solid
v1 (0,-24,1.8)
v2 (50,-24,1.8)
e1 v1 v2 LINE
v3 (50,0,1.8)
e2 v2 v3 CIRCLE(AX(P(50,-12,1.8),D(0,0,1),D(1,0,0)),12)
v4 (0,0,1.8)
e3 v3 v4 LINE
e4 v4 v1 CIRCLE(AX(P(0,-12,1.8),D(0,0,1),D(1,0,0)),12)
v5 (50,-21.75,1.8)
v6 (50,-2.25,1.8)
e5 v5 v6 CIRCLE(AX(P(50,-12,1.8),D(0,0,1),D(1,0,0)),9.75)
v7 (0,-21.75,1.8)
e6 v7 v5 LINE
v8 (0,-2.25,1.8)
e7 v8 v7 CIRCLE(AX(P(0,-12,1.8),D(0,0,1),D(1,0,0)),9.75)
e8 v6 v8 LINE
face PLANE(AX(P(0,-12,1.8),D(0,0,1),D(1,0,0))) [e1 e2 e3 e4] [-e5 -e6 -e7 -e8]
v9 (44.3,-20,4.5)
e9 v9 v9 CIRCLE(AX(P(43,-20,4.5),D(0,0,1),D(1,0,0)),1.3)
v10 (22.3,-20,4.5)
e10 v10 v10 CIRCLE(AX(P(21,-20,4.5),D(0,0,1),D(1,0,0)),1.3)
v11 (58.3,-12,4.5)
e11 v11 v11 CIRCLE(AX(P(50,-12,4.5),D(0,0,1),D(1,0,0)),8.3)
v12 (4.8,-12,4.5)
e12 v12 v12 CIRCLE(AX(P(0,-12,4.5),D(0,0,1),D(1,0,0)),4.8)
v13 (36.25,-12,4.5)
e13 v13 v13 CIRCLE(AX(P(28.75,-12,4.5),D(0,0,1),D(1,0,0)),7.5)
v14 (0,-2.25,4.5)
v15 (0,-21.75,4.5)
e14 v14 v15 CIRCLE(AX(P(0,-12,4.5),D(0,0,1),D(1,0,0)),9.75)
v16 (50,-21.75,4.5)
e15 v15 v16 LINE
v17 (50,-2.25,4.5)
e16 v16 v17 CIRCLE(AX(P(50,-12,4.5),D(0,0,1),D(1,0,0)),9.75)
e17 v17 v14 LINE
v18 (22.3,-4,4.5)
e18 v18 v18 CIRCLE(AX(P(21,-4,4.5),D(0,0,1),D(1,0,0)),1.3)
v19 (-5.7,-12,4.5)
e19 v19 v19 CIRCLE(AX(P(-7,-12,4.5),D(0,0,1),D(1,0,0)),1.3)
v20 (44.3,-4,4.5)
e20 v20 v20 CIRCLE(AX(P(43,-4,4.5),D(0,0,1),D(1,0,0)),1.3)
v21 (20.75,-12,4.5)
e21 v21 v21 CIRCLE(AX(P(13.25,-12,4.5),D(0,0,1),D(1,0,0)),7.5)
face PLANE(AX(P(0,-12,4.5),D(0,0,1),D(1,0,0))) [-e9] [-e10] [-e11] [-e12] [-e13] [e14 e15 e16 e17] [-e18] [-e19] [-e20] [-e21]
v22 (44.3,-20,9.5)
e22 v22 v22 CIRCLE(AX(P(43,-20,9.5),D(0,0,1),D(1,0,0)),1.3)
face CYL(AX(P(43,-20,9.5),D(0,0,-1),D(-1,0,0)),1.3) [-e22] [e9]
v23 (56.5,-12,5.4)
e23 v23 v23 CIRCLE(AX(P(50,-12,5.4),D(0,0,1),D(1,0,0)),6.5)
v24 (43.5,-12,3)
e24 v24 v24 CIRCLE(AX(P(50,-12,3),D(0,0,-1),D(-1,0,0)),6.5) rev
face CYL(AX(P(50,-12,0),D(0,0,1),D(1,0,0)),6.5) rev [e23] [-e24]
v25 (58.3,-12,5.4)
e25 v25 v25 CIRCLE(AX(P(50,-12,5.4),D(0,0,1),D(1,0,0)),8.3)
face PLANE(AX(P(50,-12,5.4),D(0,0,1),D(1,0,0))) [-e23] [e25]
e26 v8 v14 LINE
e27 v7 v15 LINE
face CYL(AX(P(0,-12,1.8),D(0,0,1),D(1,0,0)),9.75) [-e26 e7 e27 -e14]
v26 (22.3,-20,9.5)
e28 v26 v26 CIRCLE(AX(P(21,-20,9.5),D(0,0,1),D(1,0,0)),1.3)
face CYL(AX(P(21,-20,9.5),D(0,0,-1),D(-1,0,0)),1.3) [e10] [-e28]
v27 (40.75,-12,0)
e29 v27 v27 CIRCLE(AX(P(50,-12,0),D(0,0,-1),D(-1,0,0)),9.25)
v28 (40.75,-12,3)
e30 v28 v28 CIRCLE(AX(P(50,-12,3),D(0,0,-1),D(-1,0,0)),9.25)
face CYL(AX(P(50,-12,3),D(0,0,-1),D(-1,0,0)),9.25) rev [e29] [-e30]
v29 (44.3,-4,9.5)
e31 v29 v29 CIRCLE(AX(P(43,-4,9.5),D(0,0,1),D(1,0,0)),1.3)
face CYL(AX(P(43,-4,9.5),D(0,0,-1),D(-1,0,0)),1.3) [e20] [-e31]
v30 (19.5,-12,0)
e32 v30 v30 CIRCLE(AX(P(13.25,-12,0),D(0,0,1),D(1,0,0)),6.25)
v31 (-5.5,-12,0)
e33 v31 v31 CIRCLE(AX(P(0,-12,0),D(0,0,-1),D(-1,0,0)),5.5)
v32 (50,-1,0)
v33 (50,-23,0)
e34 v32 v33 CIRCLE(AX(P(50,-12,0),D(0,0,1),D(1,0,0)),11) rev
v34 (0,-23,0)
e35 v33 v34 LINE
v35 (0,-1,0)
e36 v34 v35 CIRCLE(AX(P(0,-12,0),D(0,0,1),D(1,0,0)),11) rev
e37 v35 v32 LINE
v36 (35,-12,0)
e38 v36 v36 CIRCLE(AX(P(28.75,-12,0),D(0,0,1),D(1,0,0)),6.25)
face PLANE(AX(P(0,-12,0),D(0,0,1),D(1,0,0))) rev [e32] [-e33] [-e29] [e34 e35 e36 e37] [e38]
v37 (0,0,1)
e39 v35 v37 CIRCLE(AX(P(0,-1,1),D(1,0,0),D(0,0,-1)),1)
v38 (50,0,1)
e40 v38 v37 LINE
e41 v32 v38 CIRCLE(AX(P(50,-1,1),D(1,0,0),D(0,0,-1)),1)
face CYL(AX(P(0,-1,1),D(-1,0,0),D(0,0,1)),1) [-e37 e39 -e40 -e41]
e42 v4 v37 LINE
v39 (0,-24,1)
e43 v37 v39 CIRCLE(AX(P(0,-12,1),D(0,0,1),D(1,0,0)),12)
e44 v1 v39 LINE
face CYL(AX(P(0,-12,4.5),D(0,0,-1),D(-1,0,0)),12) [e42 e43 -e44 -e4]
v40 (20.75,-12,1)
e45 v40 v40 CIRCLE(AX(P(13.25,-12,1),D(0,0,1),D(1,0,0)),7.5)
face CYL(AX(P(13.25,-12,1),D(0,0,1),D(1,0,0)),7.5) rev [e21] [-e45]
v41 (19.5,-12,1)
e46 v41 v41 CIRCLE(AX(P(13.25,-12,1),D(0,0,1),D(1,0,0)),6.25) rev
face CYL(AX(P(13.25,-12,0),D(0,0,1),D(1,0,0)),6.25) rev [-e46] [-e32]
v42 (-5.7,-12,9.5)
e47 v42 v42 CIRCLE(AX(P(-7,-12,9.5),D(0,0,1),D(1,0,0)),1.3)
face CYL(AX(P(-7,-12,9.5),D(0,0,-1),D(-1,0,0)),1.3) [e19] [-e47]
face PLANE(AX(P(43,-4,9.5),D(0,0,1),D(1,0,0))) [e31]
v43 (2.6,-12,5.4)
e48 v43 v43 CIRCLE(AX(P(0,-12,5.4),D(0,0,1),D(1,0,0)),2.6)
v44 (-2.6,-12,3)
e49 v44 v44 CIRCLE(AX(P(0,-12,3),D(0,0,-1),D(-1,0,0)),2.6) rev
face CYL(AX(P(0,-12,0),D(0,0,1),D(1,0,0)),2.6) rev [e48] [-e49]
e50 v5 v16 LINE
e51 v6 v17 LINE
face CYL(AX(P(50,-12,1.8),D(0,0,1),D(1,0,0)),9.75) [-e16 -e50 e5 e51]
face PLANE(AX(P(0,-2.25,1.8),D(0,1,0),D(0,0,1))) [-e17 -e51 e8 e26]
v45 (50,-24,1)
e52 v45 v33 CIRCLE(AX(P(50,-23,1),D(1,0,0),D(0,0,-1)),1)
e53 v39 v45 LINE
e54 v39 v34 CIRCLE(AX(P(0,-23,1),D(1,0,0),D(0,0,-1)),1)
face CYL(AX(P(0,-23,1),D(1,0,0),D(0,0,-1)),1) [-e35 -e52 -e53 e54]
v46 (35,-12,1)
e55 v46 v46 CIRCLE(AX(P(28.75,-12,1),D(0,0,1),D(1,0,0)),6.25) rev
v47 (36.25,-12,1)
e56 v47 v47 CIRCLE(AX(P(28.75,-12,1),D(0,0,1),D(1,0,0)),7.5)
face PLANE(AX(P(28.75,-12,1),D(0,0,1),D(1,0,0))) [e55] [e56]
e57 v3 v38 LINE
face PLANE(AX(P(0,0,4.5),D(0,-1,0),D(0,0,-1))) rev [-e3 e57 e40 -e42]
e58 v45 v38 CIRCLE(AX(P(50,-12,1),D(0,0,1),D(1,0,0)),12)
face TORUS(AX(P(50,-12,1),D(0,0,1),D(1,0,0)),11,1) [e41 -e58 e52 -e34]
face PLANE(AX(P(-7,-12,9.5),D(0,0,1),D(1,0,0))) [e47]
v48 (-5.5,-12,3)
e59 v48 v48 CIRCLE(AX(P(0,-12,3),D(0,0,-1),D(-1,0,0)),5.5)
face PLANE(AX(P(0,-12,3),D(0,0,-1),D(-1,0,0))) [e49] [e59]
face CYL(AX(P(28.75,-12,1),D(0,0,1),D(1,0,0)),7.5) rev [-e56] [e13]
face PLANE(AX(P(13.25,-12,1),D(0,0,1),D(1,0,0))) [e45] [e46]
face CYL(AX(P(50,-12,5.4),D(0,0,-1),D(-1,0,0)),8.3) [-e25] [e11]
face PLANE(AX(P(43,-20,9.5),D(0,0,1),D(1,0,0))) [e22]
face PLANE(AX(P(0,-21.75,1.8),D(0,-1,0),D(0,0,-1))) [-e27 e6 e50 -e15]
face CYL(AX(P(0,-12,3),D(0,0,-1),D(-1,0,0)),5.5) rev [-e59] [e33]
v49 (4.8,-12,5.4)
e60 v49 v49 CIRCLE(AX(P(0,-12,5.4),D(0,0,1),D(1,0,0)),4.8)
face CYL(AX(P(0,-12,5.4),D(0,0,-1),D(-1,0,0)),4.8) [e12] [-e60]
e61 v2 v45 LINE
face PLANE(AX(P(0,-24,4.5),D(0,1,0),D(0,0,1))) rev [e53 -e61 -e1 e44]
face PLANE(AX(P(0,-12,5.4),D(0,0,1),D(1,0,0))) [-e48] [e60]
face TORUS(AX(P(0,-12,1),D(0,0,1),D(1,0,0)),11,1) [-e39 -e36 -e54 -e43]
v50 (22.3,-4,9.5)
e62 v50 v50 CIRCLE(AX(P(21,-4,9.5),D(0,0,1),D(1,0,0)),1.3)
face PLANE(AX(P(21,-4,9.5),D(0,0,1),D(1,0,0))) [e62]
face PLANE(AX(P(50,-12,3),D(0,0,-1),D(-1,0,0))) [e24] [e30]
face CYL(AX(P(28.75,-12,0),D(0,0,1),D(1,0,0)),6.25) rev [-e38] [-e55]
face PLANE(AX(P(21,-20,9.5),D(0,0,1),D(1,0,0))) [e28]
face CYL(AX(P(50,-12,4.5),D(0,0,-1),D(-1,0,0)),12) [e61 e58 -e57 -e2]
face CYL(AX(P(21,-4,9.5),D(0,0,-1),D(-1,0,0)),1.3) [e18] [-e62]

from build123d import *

# Parameters (mm, degrees)
EXTRUDE_1_DEPTH     = 4.5
CUT_EXTRUDE_1_DEPTH = 2.7
SKETCH_3_R          = 2.6
SKETCH_3_R_2        = 6.5
SKETCH_3_R_3        = 6.25
CUT_EXTRUDE_2_DEPTH = 67.635200908
SKETCH_4_R          = 5.5
SKETCH_4_R_2        = 9.25
CUT_EXTRUDE_3_DEPTH = 3
FILLET_1_R          = 1
SKETCH_7_R          = 7.5
CUT_EXTRUDE_6_DEPTH = 3.5
SKETCH_9_R          = 1.3
EXTRUDE_2_DEPTH     = 5
EXTRUDE_START       = 0.9
SKETCH_10_R         = 4.8
SKETCH_10_R_2       = 2.6
SKETCH_10_R_3       = 8.3
SKETCH_10_R_4       = 6.5
EXTRUDE_3_DEPTH     = 0.9


with BuildPart() as part:
    # Эскиз1 → Бобышка-Вытянуть1 (new body)
    with BuildSketch(Plane.XY):
        with BuildLine():
            Line((0, 0), (50, 0))
            ThreePointArc((50, 0), (62, -12), (50, -24))
            Line((50, -24), (0, -24))
            ThreePointArc((0, -24), (-12, -12), (0, 0))
        make_face()
    extrude(amount=EXTRUDE_1_DEPTH)

    # Эскиз2 → Вырез-Вытянуть1 (cut)
    with BuildSketch(Plane.XY.offset(4.5)):
        with BuildLine():
            Line((0, 0.012347922), (50, 0.012347922))
            ThreePointArc((50, 0.012347922), (62.012347922, -12), (50, -24.012347922))
            Line((50, -24.012347922), (0, -24.012347922))
            ThreePointArc((0, -24.012347922), (-12.012347922, -12), (0, 0.012347922))
        make_face()
        with BuildLine():
            Line((0, -2.25), (50, -2.25))
            ThreePointArc((50, -2.25), (59.75, -12), (50, -21.75))
            Line((50, -21.75), (0, -21.75))
            ThreePointArc((0, -21.75), (-9.75, -12), (0, -2.25))
        make_face(mode=Mode.SUBTRACT)
    extrude(amount=-CUT_EXTRUDE_1_DEPTH, mode=Mode.SUBTRACT)

    # Эскиз3 → Вырез-Вытянуть2 (cut, through all)
    with BuildSketch(Plane.XY.offset(4.5)):
        with Locations((0, -12)):
            Circle(SKETCH_3_R)
        with Locations((50, -12)):
            Circle(SKETCH_3_R_2)
        with Locations((13.25, -12)):
            Circle(SKETCH_3_R_3)
        with Locations((28.75, -12)):
            Circle(SKETCH_3_R_3)
    extrude(amount=-CUT_EXTRUDE_2_DEPTH, mode=Mode.SUBTRACT)

    # Эскиз4 → Вырез-Вытянуть3 (cut)
    with BuildSketch(Plane(origin=(0, 0, 0), x_dir=(-1, 0, 0), z_dir=(0, 0, -1))):
        with Locations((0, -12)):
            Circle(SKETCH_4_R)
        with Locations((-50, -12)):
            Circle(SKETCH_4_R_2)
    extrude(amount=-CUT_EXTRUDE_3_DEPTH, mode=Mode.SUBTRACT)

    # Скругление1
    fillet_1_edges = [part.edges().sort_by_distance(p)[0] for p in [
        (25, 0, 0),
        (62, -12, 0),
        (25, -24, 0),
        (-12, -12, 0),
    ]]
    fillet(fillet_1_edges, radius=FILLET_1_R)

    # Эскиз7 → Вырез-Вытянуть6 (cut)
    with BuildSketch(Plane.XY.offset(4.5)):
        with Locations((28.75, -12)):
            Circle(SKETCH_7_R)
        with Locations((13.25, -12)):
            Circle(SKETCH_7_R)
    extrude(amount=-CUT_EXTRUDE_6_DEPTH, mode=Mode.SUBTRACT)

    # Эскиз9 → Бобышка-Вытянуть2 (add)
    with BuildSketch(Plane.XY.offset(4.5)):
        with Locations((21, -4)):
            Circle(SKETCH_9_R)
        with Locations((21, -20)):
            Circle(SKETCH_9_R)
        with Locations((-7, -12)):
            Circle(SKETCH_9_R)
        with Locations((43, -4)):
            Circle(SKETCH_9_R)
        with Locations((43, -20)):
            Circle(SKETCH_9_R)
    extrude(amount=EXTRUDE_2_DEPTH)

    # Эскиз10 → Бобышка-Вытянуть3 (add)
    # profile 1 of 2: a face of its own
    with BuildSketch(Plane.XY.offset(4.5).offset(EXTRUDE_START)):
        with Locations((0, -12)):
            Circle(SKETCH_10_R)
        with Locations((0, -12)):
            Circle(SKETCH_10_R_2, mode=Mode.SUBTRACT)
    # profile 2 of 2: a face of its own
    with BuildSketch(Plane.XY.offset(4.5).offset(EXTRUDE_START)):
        with Locations((50, -12)):
            Circle(SKETCH_10_R_3)
        with Locations((50, -12)):
            Circle(SKETCH_10_R_4, mode=Mode.SUBTRACT)
    extrude(amount=-EXTRUDE_3_DEPTH)


solid = part.part
